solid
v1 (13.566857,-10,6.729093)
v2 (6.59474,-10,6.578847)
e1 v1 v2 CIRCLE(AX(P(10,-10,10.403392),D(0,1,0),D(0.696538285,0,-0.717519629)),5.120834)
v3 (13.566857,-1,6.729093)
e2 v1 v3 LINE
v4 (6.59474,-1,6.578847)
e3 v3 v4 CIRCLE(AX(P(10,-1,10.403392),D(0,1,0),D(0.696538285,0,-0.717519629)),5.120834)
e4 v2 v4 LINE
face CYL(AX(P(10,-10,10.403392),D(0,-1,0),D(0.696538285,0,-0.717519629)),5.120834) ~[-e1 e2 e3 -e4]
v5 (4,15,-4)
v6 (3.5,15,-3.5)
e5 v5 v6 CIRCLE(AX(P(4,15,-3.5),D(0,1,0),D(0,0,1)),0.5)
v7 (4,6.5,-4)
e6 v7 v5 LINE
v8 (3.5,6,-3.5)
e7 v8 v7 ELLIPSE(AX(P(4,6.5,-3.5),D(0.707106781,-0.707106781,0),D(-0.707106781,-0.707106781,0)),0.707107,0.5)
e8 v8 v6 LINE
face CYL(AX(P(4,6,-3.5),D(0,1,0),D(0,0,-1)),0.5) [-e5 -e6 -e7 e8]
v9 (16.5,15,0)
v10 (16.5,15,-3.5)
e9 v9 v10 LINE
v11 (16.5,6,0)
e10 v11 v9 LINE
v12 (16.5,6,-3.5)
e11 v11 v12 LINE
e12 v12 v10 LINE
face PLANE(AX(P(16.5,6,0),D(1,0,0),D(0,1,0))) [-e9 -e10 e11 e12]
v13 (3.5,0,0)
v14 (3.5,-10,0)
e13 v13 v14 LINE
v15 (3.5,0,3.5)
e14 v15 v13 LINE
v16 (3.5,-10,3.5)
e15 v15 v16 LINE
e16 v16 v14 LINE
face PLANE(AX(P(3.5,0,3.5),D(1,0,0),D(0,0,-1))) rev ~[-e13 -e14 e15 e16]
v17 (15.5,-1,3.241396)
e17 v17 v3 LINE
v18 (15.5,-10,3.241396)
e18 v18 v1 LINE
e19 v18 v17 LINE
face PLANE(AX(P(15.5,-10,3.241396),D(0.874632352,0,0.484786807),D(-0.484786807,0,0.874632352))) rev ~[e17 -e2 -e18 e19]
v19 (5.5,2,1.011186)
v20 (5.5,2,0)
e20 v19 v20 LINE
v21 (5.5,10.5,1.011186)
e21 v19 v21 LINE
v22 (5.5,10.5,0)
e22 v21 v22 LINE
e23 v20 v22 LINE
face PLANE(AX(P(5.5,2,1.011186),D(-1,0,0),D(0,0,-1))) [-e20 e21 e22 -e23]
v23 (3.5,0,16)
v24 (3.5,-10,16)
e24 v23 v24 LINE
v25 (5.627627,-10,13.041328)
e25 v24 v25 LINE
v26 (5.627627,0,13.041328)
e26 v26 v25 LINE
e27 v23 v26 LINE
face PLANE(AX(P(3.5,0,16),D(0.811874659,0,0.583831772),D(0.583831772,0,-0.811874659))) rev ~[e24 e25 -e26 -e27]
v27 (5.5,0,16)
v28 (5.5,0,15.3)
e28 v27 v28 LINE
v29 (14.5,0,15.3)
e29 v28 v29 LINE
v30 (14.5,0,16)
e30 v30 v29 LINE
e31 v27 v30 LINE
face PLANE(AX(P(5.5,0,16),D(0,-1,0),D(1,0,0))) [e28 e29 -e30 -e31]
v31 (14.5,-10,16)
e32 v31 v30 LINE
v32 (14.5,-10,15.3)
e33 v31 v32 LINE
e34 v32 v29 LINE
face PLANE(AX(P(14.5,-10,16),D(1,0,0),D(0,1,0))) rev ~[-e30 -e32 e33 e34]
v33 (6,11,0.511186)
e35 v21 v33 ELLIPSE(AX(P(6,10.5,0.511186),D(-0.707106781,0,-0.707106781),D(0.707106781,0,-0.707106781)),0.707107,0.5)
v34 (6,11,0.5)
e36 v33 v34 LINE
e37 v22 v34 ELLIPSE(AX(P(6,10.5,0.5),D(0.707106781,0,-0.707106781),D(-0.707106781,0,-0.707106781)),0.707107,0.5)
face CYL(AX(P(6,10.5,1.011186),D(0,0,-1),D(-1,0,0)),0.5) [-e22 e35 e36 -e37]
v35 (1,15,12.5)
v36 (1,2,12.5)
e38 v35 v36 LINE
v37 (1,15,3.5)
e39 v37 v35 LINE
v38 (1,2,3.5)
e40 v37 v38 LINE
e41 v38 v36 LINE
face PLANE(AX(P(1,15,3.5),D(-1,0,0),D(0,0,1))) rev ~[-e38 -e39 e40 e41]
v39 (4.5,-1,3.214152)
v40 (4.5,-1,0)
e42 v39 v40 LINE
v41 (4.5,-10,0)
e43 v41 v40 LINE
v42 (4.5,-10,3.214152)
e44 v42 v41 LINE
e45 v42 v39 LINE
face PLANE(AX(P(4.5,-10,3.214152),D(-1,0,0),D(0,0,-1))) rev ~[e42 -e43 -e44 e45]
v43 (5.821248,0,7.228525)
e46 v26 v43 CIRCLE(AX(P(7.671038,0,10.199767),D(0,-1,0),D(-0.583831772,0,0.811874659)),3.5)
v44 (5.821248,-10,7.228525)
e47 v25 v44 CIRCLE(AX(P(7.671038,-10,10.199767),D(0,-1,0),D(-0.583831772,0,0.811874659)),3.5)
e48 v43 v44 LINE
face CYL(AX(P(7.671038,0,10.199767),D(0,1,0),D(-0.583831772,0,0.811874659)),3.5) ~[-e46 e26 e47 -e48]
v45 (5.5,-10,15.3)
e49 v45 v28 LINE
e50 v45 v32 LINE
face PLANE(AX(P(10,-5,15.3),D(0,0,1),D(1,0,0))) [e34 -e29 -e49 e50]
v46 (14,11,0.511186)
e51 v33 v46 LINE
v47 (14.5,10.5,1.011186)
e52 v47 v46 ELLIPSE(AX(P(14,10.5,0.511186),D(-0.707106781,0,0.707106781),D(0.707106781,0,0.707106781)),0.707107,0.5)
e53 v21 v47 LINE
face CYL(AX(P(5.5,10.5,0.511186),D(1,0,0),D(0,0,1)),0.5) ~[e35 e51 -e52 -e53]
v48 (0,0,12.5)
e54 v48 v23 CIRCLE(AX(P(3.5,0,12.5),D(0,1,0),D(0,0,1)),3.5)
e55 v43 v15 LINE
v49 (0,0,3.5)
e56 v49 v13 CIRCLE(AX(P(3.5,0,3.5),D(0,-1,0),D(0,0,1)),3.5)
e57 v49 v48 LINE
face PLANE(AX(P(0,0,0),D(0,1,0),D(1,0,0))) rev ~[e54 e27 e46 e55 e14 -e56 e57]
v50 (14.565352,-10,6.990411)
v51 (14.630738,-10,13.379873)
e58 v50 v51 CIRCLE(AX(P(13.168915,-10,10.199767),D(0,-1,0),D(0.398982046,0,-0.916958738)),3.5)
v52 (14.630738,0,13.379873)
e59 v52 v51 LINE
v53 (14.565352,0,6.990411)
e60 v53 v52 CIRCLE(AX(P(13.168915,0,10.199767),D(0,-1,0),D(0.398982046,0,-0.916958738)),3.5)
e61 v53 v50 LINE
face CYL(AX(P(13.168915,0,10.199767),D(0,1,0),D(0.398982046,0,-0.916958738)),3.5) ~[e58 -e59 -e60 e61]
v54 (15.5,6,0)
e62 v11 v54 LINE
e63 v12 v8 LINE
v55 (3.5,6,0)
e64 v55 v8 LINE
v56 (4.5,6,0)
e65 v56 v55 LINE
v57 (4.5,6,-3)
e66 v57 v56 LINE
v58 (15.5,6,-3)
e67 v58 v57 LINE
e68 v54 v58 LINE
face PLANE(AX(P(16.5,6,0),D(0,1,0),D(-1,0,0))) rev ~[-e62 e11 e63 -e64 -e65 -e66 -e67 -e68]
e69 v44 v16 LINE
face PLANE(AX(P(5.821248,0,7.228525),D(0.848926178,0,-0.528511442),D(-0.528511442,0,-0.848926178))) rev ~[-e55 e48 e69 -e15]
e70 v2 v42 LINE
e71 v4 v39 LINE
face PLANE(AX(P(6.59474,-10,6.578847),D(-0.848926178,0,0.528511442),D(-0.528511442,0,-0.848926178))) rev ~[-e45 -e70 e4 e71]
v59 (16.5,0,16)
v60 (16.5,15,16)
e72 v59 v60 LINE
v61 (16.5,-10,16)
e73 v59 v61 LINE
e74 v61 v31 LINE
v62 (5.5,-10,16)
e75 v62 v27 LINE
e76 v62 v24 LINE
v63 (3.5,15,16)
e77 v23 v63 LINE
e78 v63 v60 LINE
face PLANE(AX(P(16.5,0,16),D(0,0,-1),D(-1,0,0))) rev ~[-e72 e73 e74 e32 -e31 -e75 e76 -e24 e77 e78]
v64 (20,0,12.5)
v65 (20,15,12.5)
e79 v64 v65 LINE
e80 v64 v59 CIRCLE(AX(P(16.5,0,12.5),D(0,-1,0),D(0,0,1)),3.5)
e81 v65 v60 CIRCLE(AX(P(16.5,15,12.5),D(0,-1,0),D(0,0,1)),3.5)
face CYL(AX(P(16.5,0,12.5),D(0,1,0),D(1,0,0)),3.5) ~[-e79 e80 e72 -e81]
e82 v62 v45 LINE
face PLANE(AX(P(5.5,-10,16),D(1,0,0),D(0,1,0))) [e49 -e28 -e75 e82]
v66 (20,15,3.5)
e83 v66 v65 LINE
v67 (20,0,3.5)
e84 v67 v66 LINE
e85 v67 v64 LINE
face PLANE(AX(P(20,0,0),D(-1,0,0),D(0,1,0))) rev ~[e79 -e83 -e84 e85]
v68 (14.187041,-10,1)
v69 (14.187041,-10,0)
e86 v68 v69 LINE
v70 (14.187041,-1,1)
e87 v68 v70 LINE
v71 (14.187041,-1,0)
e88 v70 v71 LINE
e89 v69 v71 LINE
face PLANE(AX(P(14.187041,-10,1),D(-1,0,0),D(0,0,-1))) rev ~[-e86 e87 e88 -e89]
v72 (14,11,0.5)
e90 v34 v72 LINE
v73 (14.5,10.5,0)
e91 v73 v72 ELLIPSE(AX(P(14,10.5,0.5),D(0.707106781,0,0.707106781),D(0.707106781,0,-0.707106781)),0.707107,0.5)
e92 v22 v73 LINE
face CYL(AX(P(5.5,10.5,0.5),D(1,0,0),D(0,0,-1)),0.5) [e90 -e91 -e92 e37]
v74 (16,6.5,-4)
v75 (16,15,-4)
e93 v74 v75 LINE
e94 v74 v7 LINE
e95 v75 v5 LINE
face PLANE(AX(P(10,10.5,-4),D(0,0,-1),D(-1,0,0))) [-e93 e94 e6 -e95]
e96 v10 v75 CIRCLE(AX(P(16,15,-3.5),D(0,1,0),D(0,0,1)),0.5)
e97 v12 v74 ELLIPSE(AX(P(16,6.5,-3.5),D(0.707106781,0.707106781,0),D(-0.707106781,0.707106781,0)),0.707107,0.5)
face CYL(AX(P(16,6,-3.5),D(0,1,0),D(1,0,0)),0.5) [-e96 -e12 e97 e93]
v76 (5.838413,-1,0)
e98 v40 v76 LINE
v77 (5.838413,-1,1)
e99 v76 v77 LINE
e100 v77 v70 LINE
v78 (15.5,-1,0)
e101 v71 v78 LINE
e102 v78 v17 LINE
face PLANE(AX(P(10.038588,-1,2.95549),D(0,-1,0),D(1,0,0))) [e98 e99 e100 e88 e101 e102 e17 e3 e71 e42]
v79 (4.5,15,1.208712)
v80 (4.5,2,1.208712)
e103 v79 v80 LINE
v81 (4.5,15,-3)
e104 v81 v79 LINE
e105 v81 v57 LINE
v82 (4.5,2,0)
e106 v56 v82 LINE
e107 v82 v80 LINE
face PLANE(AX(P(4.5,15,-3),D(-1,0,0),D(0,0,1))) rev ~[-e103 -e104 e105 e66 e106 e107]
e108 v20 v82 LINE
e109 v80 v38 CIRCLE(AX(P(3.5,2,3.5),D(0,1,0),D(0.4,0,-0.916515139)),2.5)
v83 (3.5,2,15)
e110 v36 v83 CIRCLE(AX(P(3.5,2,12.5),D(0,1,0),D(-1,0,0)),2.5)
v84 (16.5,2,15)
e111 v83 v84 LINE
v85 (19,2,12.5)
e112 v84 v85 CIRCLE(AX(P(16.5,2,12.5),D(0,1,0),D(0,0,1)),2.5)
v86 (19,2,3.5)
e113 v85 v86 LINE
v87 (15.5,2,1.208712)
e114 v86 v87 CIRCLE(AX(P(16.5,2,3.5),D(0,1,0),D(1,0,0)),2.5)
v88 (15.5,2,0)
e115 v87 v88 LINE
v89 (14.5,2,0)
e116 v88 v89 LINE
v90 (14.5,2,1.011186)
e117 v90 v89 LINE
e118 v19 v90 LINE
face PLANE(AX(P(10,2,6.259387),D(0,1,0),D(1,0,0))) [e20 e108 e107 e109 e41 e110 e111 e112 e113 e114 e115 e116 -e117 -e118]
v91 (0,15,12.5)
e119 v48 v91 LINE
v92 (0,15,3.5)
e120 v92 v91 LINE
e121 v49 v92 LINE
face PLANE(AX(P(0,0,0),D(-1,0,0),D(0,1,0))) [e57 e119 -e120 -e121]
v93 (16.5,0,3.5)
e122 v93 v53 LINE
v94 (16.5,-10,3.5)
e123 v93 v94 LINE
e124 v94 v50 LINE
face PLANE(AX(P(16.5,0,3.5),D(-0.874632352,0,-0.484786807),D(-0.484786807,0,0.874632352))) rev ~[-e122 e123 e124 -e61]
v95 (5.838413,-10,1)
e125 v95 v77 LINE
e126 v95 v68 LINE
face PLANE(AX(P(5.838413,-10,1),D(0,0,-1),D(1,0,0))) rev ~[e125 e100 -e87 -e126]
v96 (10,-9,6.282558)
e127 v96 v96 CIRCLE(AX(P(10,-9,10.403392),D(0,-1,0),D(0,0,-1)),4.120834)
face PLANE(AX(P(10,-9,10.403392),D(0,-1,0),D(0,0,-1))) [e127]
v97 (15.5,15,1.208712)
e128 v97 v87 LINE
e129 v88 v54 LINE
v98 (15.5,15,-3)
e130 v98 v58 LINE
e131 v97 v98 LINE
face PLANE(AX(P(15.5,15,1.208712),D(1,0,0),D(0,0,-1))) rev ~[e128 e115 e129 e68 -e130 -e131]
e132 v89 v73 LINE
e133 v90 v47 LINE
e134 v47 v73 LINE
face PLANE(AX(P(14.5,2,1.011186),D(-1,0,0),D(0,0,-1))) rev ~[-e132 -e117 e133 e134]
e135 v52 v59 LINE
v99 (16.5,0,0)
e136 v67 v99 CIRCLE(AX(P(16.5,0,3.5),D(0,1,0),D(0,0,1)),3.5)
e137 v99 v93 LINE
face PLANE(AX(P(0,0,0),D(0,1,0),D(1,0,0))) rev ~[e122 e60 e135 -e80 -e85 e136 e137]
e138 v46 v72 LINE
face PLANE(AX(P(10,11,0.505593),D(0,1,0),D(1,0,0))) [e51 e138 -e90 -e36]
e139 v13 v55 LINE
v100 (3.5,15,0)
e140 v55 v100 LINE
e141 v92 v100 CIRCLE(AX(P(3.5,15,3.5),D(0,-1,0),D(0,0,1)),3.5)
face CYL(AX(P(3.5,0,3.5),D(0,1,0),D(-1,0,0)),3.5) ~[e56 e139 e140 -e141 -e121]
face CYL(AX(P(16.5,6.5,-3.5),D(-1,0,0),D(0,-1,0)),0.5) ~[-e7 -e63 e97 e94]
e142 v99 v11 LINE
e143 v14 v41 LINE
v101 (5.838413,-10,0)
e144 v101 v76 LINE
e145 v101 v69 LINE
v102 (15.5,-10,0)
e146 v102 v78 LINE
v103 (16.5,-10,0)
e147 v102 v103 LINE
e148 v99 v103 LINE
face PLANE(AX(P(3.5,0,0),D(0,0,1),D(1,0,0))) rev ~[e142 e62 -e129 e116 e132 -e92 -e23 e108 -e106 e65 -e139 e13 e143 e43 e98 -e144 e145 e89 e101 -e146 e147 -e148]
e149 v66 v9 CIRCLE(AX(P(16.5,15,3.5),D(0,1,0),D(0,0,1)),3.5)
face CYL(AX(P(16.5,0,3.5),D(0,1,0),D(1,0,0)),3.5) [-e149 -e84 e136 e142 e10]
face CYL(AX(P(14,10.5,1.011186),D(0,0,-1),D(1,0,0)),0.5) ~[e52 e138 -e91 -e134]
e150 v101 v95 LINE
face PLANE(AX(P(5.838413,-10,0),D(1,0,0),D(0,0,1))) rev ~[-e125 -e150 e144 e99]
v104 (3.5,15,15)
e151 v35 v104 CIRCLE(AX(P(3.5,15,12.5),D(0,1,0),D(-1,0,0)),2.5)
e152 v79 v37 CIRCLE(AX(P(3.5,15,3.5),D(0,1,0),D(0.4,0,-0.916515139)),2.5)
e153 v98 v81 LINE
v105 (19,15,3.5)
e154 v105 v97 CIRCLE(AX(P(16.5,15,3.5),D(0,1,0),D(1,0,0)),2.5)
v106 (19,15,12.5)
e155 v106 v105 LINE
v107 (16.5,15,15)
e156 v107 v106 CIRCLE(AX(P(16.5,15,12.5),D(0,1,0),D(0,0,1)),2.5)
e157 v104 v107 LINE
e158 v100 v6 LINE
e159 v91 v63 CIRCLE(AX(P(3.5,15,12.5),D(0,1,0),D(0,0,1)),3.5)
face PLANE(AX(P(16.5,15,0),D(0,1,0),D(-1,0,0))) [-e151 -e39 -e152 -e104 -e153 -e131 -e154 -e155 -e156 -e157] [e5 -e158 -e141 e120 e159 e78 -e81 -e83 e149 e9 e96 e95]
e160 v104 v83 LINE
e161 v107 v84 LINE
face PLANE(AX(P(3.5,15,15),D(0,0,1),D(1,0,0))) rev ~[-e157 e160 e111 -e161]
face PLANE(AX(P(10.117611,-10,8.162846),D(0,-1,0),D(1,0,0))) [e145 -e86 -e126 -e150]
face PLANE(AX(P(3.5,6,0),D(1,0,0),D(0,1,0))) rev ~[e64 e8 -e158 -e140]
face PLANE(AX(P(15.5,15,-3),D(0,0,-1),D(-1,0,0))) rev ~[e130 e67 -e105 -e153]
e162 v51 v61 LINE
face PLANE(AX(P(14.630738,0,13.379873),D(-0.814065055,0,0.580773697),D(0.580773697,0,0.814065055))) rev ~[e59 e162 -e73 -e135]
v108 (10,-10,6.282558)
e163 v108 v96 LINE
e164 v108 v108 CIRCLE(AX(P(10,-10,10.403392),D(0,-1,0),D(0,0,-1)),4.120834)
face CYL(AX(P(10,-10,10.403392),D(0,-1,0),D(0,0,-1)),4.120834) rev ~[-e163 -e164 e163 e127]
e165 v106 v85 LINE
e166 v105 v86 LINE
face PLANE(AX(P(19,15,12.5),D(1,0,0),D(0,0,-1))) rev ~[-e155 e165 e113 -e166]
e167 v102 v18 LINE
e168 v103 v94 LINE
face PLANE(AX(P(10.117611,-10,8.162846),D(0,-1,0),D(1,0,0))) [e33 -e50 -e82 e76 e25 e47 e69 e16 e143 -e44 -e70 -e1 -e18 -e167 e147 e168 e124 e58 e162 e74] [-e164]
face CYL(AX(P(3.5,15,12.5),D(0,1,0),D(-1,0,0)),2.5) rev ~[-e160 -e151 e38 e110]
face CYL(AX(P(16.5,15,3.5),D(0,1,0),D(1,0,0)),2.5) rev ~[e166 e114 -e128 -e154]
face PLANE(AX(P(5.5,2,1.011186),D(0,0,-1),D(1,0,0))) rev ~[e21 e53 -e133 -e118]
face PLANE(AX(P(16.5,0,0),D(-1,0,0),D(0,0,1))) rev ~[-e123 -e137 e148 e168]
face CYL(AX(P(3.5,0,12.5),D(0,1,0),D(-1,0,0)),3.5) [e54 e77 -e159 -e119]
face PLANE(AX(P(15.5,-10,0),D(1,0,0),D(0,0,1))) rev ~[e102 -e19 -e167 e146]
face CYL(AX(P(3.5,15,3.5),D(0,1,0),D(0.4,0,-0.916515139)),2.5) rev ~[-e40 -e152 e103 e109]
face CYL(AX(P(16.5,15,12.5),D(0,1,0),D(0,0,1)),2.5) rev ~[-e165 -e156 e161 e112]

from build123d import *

# Parameters (mm, degrees)
SKETCH_1_W          = 20
SKETCH_1_H          = 15
EXTRUDE_1_DEPTH     = 16
FILLET_1_R          = 3.5
SKETCH_2_W          = 13
SKETCH_2_H          = 9
EXTRUDE_2_DEPTH     = 4
FILLET_2_R          = 0.5
EXTRUDE_3_DEPTH     = 10
SKETCH_4_W          = 9
SKETCH_4_H          = 10
CUT_EXTRUDE_2_DEPTH = 0.7
SKETCH_5_R          = 4.120834068
CUT_EXTRUDE_3_DEPTH = 1
CUT_EXTRUDE_5_DEPTH = 13
SKETCH_7_W          = 9
SKETCH_7_H          = 1.011185769
EXTRUDE_4_DEPTH     = 9
FILLET_3_R          = 0.5
CUT_EXTRUDE_6_DEPTH = 9


with BuildPart() as part:
    # ｽｹｯﾁ1 → ﾎﾞｽ - 押し出し1 (new body)
    with BuildSketch(Plane.XY):
        with Locations((10, 7.5)):
            Rectangle(SKETCH_1_W, SKETCH_1_H)
    extrude(amount=EXTRUDE_1_DEPTH)

    # ﾌｨﾚｯﾄ1
    fillet_1_edges = [part.edges().sort_by_distance(p)[0] for p in [
        (20, 7.5, 16),
        (0, 7.5, 16),
        (20, 7.5, 0),
        (0, 7.5, 0),
    ]]
    fillet(fillet_1_edges, radius=FILLET_1_R)

    # ｽｹｯﾁ2 → ﾎﾞｽ - 押し出し2 (add)
    with BuildSketch(Plane(origin=(0, 0, 0), x_dir=(-1, 0, 0), z_dir=(0, 0, -1))):
        with Locations((-10, 10.5)):
            Rectangle(SKETCH_2_W, SKETCH_2_H)
    extrude(amount=EXTRUDE_2_DEPTH)

    # ﾌｨﾚｯﾄ2
    fillet_2_edges = [part.edges().sort_by_distance(p)[0] for p in [
        (16.5, 10.5, -4),
        (10, 6, -4),
        (3.5, 10.5, -4),
    ]]
    fillet(fillet_2_edges, radius=FILLET_2_R)

    # ｽｹｯﾁ3 → ﾎﾞｽ - 押し出し3 (add)
    with BuildSketch(Plane.XZ):
        with BuildLine():
            Line((3.5, 16), (5.627627053, 13.041328389))
            ThreePointArc((5.627627053, 13.041328389), (4.172978297, 10.083248698), (5.821248207, 7.228525459))
            Line((5.821248207, 7.228525459), (3.5, 3.5))
            Line((3.5, 3.5), (3.5, 0))
            Line((3.5, 0), (16.5, 0))
            Line((16.5, 0), (16.5, 3.5))
            Line((16.5, 3.5), (14.565352324, 6.9904115))
            ThreePointArc((14.565352324, 6.9904115), (16.668731913, 10.163952157), (14.630738056, 13.379873028))
            Line((14.630738056, 13.379873028), (16.5, 16))
            Line((16.5, 16), (3.5, 16))
        make_face()
    extrude(amount=EXTRUDE_3_DEPTH)

    # ｽｹｯﾁ4 → ｶｯﾄ - 押し出し2 (cut)
    with BuildSketch(Plane.XY.offset(16)):
        with Locations((10, -5)):
            Rectangle(SKETCH_4_W, SKETCH_4_H)
    extrude(amount=-CUT_EXTRUDE_2_DEPTH, mode=Mode.SUBTRACT)

    # ｽｹｯﾁ5 → ｶｯﾄ - 押し出し3 (cut)
    with BuildSketch(Plane.XZ.offset(10)):
        with Locations(Location((10, 10.403392153, 0), (0, 0, 270))):
            Circle(SKETCH_5_R)
    extrude(amount=-CUT_EXTRUDE_3_DEPTH, mode=Mode.SUBTRACT)

    # ｽｹｯﾁ6 → ｶｯﾄ - 押し出し5 (cut)
    with BuildSketch(Plane(origin=(0, 15, 0), x_dir=(1, 0, 0), z_dir=(0, 1, 0))):
        with BuildLine():
            Line((15.5, 3), (4.5, 3))
            Line((4.5, 3), (4.5, -1.208712153))
            ThreePointArc((4.5, -1.208712153), (2.130693606, -1.408349934), (1, -3.5))
            Line((1, -3.5), (1, -12.5))
            ThreePointArc((1, -12.5), (1.732233047, -14.267766953), (3.5, -15))
            Line((3.5, -15), (16.5, -15))
            ThreePointArc((16.5, -15), (18.267766953, -14.267766953), (19, -12.5))
            Line((19, -12.5), (19, -3.5))
            ThreePointArc((19, -3.5), (17.869306394, -1.408349934), (15.5, -1.208712153))
            Line((15.5, -1.208712153), (15.5, 3))
        make_face()
    extrude(amount=-CUT_EXTRUDE_5_DEPTH, mode=Mode.SUBTRACT)

    # ｽｹｯﾁ7 → ﾎﾞｽ - 押し出し4 (add)
    with BuildSketch(Plane(origin=(0, 2, 0), x_dir=(1, 0, 0), z_dir=(0, 1, 0))):
        with Locations((10, -0.505592885)):
            Rectangle(SKETCH_7_W, SKETCH_7_H)
    extrude(amount=EXTRUDE_4_DEPTH)

    # ﾌｨﾚｯﾄ3
    fillet_3_edges = [part.edges().sort_by_distance(p)[0] for p in [
        (5.5, 11, 0.505592885),
        (10, 11, 1.011185769),
        (14.5, 11, 0.505592885),
        (10, 11, 0),
    ]]
    fillet(fillet_3_edges, radius=FILLET_3_R)

    # ｽｹｯﾁ8 → ｶｯﾄ - 押し出し6 (cut)
    with BuildSketch(Plane.XZ.offset(10)):
        with BuildLine():
            Line((4.5, 1), (4.5, 0))
            Line((4.5, 0), (5.838412619, 0))
            Line((5.838412619, 0), (5.838412619, 1))
            Line((5.838412619, 1), (14.187040515, 1))
            Line((14.187040515, 1), (14.187040515, 0))
            Line((14.187040515, 0), (15.5, 0))
            Line((15.5, 0), (15.5, 1))
            Line((15.5, 1), (15.5, 3.241396329))
            Line((15.5, 3.241396329), (13.566856979, 6.729093192))
            ThreePointArc((13.566856979, 6.729093192), (10.11032626, 5.283746689), (6.594740038, 6.578846932))
            Line((6.594740038, 6.578846932), (4.5, 3.214152221))
            Line((4.5, 3.214152221), (4.5, 1))
        make_face()
    extrude(amount=-CUT_EXTRUDE_6_DEPTH, mode=Mode.SUBTRACT)


solid = part.part
